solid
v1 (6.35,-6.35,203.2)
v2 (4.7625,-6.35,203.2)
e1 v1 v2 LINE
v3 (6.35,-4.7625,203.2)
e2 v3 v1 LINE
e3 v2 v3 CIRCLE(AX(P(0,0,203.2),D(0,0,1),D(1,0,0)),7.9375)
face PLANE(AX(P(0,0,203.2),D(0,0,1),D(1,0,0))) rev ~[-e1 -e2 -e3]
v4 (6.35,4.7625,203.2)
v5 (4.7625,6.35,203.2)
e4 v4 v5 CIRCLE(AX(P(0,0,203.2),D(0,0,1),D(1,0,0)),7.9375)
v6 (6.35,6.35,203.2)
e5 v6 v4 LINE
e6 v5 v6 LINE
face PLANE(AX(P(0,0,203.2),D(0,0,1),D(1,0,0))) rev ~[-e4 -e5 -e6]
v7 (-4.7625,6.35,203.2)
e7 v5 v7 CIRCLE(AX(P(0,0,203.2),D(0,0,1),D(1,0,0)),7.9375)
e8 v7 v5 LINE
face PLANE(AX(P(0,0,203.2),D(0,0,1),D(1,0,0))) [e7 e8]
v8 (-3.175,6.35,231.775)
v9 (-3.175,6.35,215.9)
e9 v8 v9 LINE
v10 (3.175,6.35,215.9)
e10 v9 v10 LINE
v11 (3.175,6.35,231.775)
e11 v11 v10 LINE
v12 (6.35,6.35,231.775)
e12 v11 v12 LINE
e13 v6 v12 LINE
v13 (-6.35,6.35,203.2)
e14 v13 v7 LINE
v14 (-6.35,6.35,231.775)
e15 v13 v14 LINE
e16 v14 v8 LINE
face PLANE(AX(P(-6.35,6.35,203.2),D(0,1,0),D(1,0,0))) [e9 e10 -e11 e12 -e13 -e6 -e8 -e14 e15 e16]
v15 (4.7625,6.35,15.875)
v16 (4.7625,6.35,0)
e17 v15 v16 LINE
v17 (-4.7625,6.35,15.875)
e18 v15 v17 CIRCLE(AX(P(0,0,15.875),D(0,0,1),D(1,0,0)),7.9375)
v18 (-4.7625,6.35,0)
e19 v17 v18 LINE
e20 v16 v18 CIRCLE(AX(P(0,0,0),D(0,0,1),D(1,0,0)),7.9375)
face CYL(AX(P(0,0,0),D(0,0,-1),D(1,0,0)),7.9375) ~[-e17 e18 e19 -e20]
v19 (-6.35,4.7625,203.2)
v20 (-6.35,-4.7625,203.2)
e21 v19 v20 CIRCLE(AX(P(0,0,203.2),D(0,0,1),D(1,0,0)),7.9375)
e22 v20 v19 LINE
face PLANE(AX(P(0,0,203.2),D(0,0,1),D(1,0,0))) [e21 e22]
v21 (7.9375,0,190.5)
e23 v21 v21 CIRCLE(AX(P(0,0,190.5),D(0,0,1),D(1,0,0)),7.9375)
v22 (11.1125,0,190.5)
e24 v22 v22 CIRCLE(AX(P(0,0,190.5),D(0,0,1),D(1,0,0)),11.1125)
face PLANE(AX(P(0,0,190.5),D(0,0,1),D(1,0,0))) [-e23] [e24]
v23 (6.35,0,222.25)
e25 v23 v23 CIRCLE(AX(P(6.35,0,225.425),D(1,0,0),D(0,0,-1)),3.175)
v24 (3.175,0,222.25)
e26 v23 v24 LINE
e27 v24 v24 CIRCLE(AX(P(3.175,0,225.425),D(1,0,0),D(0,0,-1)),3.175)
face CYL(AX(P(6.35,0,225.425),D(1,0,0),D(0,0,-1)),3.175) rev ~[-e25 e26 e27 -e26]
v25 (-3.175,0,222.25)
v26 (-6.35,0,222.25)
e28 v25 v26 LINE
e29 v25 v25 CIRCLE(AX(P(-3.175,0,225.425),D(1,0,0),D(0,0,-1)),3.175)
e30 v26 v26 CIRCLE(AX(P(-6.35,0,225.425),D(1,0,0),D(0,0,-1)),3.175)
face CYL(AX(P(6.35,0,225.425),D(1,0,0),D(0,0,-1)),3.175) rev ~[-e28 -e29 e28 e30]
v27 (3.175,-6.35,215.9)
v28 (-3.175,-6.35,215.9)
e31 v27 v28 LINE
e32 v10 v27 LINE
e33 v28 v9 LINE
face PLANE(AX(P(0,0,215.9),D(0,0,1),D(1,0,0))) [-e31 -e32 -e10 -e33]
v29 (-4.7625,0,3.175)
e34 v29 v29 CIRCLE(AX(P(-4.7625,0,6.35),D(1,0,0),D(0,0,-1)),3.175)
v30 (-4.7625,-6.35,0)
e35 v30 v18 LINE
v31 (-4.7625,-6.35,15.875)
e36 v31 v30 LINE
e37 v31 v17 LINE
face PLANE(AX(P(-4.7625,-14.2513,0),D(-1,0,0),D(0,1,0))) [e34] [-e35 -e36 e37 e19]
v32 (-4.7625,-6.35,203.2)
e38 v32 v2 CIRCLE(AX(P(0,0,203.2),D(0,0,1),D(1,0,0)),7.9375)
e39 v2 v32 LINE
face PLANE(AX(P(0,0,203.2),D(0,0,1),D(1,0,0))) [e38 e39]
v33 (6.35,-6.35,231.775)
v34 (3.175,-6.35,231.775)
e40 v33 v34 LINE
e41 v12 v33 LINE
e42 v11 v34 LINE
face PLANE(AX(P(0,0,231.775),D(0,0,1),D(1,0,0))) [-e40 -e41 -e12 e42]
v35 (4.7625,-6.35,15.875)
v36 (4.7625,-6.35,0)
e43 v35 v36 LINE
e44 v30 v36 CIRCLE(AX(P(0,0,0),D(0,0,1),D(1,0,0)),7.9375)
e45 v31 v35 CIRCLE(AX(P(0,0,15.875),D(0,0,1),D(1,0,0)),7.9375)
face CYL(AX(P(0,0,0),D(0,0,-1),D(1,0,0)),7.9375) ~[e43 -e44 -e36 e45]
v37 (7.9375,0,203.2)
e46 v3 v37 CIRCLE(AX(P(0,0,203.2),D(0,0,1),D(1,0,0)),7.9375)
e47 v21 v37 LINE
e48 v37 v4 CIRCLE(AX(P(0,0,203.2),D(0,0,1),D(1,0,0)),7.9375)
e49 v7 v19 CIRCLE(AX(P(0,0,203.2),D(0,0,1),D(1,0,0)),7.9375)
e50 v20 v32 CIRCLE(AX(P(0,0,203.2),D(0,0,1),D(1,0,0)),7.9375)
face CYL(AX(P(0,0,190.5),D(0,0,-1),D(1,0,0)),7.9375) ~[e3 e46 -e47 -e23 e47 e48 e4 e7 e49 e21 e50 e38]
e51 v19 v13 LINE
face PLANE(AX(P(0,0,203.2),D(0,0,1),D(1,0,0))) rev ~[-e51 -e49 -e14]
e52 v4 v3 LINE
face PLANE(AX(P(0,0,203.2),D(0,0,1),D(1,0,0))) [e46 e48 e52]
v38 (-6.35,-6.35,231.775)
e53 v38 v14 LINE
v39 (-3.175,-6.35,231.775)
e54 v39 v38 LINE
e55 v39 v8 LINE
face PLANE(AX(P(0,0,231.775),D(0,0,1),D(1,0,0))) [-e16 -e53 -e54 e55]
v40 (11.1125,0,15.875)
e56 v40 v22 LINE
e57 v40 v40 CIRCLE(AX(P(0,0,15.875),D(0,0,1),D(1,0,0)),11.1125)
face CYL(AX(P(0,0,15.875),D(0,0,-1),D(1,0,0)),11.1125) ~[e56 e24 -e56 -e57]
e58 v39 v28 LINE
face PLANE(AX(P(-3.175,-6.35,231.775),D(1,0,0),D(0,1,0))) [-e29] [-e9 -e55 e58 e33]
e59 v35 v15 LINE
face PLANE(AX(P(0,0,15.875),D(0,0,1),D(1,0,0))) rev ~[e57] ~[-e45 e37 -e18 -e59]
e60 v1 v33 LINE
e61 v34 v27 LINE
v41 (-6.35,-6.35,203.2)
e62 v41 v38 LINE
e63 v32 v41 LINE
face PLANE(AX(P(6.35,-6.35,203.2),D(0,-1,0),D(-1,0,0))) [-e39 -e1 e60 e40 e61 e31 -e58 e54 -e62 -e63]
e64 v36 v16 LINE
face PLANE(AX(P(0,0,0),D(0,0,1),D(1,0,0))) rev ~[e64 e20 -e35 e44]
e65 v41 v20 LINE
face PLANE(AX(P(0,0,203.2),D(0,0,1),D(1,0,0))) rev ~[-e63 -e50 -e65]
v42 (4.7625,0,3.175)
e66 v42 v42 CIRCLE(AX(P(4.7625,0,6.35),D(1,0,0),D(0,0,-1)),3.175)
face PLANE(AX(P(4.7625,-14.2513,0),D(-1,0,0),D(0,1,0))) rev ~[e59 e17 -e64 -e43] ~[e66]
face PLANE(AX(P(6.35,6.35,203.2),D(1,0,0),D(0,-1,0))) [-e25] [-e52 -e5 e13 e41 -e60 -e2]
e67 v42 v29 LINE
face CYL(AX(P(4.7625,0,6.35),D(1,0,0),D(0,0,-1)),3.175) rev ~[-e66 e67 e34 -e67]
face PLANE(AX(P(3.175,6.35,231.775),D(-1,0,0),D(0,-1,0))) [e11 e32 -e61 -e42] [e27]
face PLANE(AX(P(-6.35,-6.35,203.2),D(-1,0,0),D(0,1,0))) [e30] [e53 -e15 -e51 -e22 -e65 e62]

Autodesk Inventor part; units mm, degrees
ref_plane "YZ Plane" through (0, 0, 0) normal (1, 0, 0) x (0, 1, 0)
ref_plane "XZ Plane" through (0, 0, 0) normal (0, 1, 0) x (-1, 0, 0)
ref_plane "XY Plane" through (0, 0, 0) normal (0, 0, 1) x (1, 0, 0)
sketch "Sketch1" plane through (0, 0, 0) normal (0, 0, 1) x (1, 0, 0)
  circle A0 centre (0, 0) radius 7.9375
  dimension "d0" = 15.875
extrude "Extrusion1" add sketch "Sketch1" along normal blind 15.875
sketch "Sketch2" plane through (0, 0, 15.875) normal (0, 0, 1) x (1, 0, 0)
  circle A0 centre (0, 0) radius 11.1125
  dimension "d3" = 22.225
extrude "Extrusion2" add sketch "Sketch2" along normal blind 174.625
sketch "Sketch3" plane through (0, 0, 190.5) normal (0, 0, 1) x (1, 0, 0)
  circle A0 centre (0, 0) radius 7.9375 projected
extrude "Extrusion3" add sketch "Sketch3" along normal blind 12.7
sketch "Sketch4" plane through (0, 0, 0) normal (0, 0, -1) x (-1, 0, 0)
  line L0 (-4.7625, 0) -> (4.7625, 0) construction
  line L1 (-4.7625, 14.2513) -> (-13.4248, 14.2513)
  line L2 (-13.4248, 14.2513) -> (-13.4248, -14.2513)
  line L3 (-13.4248, -14.2513) -> (-4.7625, -14.2513)
  line L4 (-4.7625, -14.2513) -> (-4.7625, 14.2513)
  line L5 (4.7625, 14.2513) -> (11.8991, 14.2513)
  line L6 (11.8991, 14.2513) -> (11.8991, -14.2513)
  line L7 (11.8991, -14.2513) -> (4.7625, -14.2513)
  line L8 (4.7625, -14.2513) -> (4.7625, 14.2513)
  point P0 (0, 0)
  point P1 (0, 0)
  dimension "d8" = 9.525
extrude "Extrusion4" cut sketch "Sketch4" against normal up to surface (15.875 mm away)
sketch "Sketch5" plane through (4.7625, -6.35, 0) normal (1, 0, 0) x (0, 0, -1)
  line L0 (0, 6.35) -> (-6.35, 6.35) construction
  circle A0 centre (-6.35, 6.35) radius 3.175
  dimension "d11" = 6.35
  dimension "d12" = 6.35
extrude "Extrusion5" cut sketch "Sketch5" against normal through all
sketch "Sketch6" plane through (0, 0, 203.2) normal (0, 0, 1) x (1, 0, 0)
  line L0 (-6.35, 6.35) -> (6.35, 6.35)
  line L1 (6.35, 6.35) -> (6.35, -6.35)
  line L2 (6.35, -6.35) -> (-6.35, -6.35)
  line L3 (-6.35, -6.35) -> (-6.35, 6.35)
  line L4 (0, 0) -> (0, 6.35) construction
  line L5 (0, 0) -> (-6.35, 0) construction
  dimension "d15" = 12.7
extrude "Extrusion6" add sketch "Sketch6" along normal blind 28.575
sketch "Sketch7" plane through (0, 0, 231.775) normal (0, 0, 1) x (1, 0, 0)
  line L0 (-4.7625, 6.35) -> (4.7625, 6.35) projected
  line L1 (4.7625, -6.35) -> (-4.7625, -6.35) projected
  line L2 (-3.175, 6.35) -> (3.175, 6.35)
  line L3 (3.175, 6.35) -> (3.175, -6.35)
  line L4 (3.175, -6.35) -> (-3.175, -6.35)
  line L5 (-3.175, -6.35) -> (-3.175, 6.35)
  line L6 (-3.175, 0) -> (3.175, 0) construction
  point P0 (0, 0)
  point P1 (0, 0)
  dimension "d18" = 6.35
extrude "Extrusion7" cut sketch "Sketch7" against normal blind 15.875
sketch "Sketch8" plane through (6.35, 4.7625, 203.2) normal (1, 0, 0) x (0, 0, -1)
  line L0 (-28.575, -11.1125) -> (-28.575, 1.5875) construction
  line L1 (-28.575, -4.7625) -> (-22.225, -4.7625) construction
  circle A0 centre (-22.225, -4.7625) radius 3.175
  point P0 (203.2, -4.7625)
  dimension "d21" = 6.35
  dimension "d22" = 6.35
extrude "Extrusion8" cut sketch "Sketch8" against normal through all
thread "Thread1" size "5/8-11 UNC" class "2A" standard "ANSI Unified Screw Threads" length 9.525 offset 3.175
thread "Thread2" size "5/8-11 UNC" class "2A" standard "ANSI Unified Screw Threads" full length
thread "Thread3" size "5/8-11 UNC" class "2A" standard "ANSI Unified Screw Threads" full length
properties part number "4in stroke cylinder"
